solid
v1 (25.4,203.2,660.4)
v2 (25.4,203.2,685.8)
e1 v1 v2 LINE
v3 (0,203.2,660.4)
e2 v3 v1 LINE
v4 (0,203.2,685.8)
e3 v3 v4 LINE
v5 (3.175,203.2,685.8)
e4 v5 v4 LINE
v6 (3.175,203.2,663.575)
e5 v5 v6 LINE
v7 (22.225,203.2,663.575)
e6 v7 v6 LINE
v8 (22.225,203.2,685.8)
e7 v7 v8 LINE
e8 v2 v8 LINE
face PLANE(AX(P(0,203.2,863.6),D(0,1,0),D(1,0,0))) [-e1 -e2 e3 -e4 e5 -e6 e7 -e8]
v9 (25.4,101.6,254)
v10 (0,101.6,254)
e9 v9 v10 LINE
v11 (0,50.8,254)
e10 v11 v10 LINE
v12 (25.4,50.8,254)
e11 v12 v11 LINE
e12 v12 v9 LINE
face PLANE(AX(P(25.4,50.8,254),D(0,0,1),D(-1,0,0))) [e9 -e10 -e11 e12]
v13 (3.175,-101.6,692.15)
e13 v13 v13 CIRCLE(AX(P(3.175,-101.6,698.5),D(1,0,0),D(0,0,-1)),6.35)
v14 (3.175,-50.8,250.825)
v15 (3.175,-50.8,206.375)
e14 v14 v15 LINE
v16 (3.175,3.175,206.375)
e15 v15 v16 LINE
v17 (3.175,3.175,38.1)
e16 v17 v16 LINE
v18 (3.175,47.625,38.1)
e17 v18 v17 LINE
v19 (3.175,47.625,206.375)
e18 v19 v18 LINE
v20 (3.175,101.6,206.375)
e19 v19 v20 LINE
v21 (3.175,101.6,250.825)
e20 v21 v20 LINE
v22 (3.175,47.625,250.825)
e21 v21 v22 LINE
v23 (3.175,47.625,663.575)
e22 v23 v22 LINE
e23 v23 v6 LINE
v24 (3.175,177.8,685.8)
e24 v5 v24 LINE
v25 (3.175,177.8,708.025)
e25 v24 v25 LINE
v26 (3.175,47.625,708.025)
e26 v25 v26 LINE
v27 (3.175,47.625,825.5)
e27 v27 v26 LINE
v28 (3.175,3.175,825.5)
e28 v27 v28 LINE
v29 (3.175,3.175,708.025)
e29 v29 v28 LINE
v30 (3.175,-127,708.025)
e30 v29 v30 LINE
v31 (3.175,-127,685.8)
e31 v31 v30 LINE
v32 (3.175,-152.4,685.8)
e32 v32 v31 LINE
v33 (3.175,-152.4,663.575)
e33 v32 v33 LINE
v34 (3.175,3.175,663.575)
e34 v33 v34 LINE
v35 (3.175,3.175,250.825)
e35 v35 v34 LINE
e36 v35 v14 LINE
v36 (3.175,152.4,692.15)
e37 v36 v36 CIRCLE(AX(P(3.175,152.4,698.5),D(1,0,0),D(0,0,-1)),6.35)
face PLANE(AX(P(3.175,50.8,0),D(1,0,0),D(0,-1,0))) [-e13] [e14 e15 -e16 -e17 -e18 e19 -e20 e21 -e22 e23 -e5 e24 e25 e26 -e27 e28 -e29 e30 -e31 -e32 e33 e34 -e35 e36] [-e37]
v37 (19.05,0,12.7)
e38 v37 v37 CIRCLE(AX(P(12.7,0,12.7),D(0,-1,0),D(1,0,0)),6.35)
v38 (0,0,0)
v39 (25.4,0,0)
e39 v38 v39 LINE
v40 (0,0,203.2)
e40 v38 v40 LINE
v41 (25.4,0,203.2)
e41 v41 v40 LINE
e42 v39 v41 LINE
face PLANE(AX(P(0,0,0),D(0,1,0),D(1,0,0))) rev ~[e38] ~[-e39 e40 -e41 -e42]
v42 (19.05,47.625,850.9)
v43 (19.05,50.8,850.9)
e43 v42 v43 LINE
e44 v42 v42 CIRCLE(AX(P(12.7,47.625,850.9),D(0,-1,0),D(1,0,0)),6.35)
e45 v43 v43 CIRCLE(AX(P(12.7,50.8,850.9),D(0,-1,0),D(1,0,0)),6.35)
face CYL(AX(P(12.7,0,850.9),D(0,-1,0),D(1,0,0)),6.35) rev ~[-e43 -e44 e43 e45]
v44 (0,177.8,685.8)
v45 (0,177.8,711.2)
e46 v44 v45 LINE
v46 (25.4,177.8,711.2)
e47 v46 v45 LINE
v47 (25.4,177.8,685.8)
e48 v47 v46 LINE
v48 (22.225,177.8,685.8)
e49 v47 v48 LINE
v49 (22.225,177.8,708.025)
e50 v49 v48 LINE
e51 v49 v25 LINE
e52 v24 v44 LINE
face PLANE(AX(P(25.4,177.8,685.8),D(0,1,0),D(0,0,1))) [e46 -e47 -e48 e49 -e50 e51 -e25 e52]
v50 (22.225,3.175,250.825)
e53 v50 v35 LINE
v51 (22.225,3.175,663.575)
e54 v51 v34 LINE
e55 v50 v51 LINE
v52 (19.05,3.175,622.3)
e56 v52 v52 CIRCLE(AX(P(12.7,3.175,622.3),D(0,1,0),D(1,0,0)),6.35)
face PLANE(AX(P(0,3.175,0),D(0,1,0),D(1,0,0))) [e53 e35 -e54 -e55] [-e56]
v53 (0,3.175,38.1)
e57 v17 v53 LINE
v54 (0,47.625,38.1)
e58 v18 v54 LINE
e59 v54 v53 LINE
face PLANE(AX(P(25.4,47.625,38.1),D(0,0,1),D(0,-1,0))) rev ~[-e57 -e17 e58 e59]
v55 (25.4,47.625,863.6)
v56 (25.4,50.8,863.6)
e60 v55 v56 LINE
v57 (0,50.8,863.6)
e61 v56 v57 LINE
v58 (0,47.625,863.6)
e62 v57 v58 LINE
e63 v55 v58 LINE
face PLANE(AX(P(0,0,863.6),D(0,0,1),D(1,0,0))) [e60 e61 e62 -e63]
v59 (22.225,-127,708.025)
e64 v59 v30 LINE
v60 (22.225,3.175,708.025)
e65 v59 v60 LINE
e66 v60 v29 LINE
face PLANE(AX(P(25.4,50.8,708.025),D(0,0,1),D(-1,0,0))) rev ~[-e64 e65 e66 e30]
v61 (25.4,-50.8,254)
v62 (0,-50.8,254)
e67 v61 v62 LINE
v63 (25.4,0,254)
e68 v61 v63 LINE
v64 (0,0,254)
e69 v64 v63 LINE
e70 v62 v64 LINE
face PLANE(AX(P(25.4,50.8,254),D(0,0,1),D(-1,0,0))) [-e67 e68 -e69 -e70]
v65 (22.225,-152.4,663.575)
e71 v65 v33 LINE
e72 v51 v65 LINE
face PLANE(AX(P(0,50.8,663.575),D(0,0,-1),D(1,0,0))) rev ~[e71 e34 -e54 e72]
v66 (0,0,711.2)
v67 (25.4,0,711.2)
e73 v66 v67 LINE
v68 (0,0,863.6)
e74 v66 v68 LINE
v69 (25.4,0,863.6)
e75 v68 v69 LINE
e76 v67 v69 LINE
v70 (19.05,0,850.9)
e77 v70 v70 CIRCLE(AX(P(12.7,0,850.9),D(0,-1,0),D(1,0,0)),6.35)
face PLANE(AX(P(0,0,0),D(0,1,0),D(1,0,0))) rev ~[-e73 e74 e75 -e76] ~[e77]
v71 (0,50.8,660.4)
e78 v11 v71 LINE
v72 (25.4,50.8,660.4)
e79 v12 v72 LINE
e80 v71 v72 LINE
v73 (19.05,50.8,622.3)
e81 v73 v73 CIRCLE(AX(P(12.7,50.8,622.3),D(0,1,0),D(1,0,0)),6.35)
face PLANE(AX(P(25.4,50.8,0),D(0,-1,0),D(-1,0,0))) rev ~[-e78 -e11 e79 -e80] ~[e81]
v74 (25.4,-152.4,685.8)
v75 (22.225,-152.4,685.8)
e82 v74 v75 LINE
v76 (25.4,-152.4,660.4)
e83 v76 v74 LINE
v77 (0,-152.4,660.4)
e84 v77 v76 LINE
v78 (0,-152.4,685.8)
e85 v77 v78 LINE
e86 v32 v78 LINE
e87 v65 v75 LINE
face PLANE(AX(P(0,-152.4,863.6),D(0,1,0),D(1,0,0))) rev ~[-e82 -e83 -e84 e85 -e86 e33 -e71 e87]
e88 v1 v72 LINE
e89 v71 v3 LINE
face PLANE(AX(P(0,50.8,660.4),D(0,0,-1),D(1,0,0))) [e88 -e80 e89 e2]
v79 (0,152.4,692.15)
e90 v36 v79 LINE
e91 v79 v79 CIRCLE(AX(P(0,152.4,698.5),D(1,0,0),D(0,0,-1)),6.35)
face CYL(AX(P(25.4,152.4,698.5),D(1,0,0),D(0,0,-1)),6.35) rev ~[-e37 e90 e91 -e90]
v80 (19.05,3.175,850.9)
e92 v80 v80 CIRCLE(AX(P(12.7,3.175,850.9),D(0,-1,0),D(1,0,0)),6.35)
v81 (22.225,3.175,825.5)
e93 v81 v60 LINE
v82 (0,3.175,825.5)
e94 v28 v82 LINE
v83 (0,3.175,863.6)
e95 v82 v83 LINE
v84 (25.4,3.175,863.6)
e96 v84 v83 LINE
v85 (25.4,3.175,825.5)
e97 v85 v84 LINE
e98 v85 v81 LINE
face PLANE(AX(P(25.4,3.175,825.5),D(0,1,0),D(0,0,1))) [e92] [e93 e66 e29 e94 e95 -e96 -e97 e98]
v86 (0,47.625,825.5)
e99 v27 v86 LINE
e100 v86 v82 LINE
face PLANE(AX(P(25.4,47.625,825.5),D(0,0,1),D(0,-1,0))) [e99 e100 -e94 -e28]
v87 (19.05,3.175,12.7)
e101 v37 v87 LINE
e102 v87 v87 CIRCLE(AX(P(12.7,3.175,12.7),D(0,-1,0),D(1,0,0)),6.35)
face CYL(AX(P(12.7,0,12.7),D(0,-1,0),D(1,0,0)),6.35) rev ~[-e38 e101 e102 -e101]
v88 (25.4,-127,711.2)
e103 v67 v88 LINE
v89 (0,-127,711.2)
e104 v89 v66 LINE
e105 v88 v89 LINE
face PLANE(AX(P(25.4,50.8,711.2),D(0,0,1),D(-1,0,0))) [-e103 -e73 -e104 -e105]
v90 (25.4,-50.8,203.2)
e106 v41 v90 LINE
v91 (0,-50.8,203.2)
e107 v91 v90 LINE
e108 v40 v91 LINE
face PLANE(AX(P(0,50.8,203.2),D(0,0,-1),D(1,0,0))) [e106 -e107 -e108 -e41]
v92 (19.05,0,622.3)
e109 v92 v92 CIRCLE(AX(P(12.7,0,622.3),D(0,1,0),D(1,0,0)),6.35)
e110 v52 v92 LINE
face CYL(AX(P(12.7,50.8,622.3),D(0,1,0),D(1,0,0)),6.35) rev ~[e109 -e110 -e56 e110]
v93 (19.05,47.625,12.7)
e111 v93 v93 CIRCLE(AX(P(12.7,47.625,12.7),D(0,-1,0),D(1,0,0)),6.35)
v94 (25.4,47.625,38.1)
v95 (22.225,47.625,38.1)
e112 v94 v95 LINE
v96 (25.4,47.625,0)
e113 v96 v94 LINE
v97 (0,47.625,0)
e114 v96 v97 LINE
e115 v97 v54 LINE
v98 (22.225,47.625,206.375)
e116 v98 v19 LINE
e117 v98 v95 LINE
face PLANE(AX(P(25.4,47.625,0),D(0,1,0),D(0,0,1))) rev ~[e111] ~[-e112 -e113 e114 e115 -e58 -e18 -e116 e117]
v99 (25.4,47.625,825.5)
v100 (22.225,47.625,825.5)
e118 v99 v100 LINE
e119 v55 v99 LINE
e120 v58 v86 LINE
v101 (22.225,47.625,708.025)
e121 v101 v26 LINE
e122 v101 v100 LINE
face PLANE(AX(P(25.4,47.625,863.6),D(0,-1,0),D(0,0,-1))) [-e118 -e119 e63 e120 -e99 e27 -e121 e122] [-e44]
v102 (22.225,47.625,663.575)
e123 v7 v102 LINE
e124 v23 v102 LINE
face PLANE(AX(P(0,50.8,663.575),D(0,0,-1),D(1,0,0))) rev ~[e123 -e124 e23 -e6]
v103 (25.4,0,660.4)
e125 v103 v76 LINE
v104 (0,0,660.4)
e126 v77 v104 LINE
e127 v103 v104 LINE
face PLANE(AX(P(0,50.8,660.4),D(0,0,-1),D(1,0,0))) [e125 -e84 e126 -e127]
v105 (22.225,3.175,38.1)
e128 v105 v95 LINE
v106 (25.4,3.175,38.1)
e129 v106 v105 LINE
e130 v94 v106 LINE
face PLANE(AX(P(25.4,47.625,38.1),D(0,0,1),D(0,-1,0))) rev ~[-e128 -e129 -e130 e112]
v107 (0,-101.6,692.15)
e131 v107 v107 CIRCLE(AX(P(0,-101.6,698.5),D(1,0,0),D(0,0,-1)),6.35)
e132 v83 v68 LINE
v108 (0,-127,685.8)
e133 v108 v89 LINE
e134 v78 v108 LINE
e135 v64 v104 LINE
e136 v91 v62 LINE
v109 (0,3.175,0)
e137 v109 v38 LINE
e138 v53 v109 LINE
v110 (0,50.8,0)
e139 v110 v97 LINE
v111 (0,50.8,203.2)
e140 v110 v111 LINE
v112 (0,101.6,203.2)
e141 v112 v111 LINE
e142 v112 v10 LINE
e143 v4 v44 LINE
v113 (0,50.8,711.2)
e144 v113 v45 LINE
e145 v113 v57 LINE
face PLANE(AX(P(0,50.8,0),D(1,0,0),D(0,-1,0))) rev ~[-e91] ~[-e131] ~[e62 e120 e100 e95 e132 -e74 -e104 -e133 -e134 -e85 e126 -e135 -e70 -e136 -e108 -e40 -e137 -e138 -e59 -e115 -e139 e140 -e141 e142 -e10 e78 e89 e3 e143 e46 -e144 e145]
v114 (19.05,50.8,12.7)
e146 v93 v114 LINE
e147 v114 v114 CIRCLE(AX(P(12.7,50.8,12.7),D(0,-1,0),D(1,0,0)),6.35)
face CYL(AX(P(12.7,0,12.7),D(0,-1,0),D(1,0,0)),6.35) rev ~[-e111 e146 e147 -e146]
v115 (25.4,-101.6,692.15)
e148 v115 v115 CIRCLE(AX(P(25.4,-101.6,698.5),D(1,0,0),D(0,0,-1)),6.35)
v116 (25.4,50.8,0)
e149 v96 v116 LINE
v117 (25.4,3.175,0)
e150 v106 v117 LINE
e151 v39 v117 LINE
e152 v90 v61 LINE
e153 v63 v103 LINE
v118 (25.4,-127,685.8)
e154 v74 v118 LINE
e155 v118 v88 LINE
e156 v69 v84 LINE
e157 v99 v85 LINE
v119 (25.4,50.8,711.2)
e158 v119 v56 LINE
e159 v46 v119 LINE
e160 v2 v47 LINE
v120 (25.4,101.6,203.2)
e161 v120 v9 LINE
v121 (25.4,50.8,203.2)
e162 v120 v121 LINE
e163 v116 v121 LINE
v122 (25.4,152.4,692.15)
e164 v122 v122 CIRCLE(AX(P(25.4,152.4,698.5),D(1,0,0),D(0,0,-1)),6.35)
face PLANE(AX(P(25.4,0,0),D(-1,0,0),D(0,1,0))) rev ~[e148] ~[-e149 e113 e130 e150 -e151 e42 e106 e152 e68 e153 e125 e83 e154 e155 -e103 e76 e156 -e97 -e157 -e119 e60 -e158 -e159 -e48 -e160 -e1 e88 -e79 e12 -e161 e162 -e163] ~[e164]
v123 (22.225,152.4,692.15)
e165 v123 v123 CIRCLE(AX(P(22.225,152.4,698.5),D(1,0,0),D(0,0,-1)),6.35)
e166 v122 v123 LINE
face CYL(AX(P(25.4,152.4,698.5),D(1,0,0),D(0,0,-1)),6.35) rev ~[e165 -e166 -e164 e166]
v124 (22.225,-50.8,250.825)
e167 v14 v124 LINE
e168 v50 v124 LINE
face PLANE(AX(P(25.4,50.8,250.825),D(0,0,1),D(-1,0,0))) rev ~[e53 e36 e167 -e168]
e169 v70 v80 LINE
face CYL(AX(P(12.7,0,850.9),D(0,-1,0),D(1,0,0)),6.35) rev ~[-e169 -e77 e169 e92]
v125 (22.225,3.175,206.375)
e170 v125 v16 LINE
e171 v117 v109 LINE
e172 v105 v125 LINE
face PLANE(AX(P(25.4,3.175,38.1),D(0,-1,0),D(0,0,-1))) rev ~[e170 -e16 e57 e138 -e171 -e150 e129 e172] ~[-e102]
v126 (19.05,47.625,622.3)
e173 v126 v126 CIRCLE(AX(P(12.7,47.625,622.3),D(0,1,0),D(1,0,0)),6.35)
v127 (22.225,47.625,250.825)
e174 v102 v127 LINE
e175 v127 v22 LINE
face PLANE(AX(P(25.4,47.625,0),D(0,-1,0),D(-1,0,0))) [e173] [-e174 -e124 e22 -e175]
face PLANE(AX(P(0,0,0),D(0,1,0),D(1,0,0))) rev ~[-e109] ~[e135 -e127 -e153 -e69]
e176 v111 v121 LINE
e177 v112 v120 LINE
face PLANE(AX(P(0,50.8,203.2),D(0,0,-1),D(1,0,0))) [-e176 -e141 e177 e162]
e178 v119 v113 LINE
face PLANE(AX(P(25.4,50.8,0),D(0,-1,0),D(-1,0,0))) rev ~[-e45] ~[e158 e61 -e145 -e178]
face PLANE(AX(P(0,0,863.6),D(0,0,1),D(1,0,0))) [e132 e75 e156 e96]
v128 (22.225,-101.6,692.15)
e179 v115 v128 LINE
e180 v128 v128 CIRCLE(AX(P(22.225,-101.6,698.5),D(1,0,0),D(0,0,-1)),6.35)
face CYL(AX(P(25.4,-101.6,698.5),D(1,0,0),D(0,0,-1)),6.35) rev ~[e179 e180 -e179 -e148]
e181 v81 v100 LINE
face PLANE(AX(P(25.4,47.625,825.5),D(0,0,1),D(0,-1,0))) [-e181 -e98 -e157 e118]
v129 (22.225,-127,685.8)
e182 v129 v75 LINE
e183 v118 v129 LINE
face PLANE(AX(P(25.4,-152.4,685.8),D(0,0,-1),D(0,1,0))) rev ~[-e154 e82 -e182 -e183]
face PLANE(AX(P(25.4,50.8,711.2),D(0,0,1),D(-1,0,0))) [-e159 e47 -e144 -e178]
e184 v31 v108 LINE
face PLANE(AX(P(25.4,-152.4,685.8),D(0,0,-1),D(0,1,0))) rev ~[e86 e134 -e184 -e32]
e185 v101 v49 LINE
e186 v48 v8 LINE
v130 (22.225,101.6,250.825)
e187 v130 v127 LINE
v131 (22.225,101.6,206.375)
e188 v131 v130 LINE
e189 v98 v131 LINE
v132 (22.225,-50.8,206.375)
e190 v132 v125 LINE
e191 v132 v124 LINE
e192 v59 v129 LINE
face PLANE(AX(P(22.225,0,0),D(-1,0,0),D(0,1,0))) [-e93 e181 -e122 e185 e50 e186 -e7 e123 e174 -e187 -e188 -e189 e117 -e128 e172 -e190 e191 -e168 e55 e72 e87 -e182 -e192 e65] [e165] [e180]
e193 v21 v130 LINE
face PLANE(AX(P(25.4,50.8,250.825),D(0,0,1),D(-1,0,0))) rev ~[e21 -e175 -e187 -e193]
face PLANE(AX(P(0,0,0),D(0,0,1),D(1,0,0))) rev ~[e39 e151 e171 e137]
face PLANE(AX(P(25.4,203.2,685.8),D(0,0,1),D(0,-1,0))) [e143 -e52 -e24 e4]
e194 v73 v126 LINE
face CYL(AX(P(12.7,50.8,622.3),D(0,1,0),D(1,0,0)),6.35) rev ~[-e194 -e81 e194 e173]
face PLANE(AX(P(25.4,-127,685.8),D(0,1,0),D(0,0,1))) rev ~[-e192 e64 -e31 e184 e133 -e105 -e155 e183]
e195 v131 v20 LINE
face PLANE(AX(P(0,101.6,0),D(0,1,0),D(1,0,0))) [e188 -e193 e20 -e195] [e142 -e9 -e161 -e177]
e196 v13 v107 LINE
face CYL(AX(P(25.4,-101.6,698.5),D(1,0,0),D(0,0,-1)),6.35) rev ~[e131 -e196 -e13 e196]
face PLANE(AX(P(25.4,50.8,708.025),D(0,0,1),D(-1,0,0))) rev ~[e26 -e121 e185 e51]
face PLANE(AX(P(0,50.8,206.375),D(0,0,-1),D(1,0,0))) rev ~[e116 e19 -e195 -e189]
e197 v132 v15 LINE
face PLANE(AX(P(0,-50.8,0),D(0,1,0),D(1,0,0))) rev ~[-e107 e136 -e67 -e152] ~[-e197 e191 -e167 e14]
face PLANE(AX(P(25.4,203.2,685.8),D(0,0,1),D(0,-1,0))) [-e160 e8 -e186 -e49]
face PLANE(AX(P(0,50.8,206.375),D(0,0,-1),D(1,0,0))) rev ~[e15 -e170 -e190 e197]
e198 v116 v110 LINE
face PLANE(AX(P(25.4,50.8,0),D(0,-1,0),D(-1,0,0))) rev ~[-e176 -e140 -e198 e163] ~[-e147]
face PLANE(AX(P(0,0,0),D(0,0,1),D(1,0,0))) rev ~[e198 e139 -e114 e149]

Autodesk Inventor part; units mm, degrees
ref_plane "YZ Plane" through (0, 0, 0) normal (1, 0, 0) x (0, 1, 0)
ref_plane "XZ Plane" through (0, 0, 0) normal (0, 1, 0) x (-1, 0, 0)
ref_plane "XY Plane" through (0, 0, 0) normal (0, 0, 1) x (1, 0, 0)
sketch "Sketch1" plane through (0, 0, 0) normal (0, 0, 1) x (1, 0, 0)
  line L0 (0, 0) -> (25.4, 0)
  line L1 (25.4, 0) -> (25.4, 50.8)
  line L2 (25.4, 50.8) -> (0, 50.8)
  line L3 (0, 50.8) -> (0, 0)
  dimension "d0" = 25.4
  dimension "d1" = 50.8
extrude "Extrusion1" add sketch "Sketch1" along normal blind 863.6
sketch "Sketch2" plane through (0, 50.8, 0) normal (0, 1, 0) x (1, 0, 0)
  line L0 (0, -863.6) -> (25.4, -863.6) projected
  line L1 (25.4, 0) -> (25.4, -863.6) projected
  line L2 (0, 0) -> (0, -863.6) projected
  line L3 (0, -203.2) -> (25.4, -203.2)
  line L4 (25.4, -203.2) -> (25.4, -254)
  line L5 (25.4, -254) -> (0, -254)
  line L6 (0, -254) -> (0, -203.2)
  dimension "d5" = 50.8
  dimension "d6" = 609.6
extrude "Extrusion2" add sketch "Sketch2" along normal blind 50.8 and the other way blind 101.6 contours L2 L3 L1 L5
sketch "Sketch4" plane through (0, 50.8, 863.6) normal (0, 1, 0) x (1, 0, 0)
  line L0 (0, 609.6) -> (0, 0) projected
  line L1 (0, 0) -> (25.4, 0) projected
  line L2 (25.4, 609.6) -> (25.4, 0) projected
  line L3 (0, 203.2) -> (25.4, 203.2)
  line L4 (25.4, 203.2) -> (25.4, 152.4)
  line L5 (25.4, 152.4) -> (0, 152.4)
  line L6 (0, 152.4) -> (0, 203.2)
  point P0 (0, 863.6)
  dimension "d14" = 50.8
  dimension "d15" = 152.4
extrude "Extrusion4" add sketch "Sketch4" along normal blind 152.4 and the other way blind 203.2 contours L3 L2 L5 L0
shell "Shell3" thickness 3.175 removed faces 6 at (8.4667, 33.8667, 0) at (8.4667, -50.8, 220.1333) at (8.4667, 101.6, 220.1333) at (16.9333, -152.4, 694.2667) at (8.4667, 33.8667, 863.6) at (16.9333, 203.2, 694.2667)
sketch "Sketch5" plane through (25.4, 0, 0) normal (1, 0, 0) x (0, 0, -1)
  line L0 (-863.6, 50.8) -> (-863.6, 0) projected
  line L1 (0, 0) -> (-203.2, 0) projected
  line L2 (0, 0) -> (0, 50.8) projected
  line L3 (0, 47.625) -> (-38.1, 47.625)
  line L4 (-38.1, 47.625) -> (-38.1, 3.175)
  line L5 (-38.1, 3.175) -> (0, 3.175)
  line L6 (0, 3.175) -> (0, 47.625)
  line L7 (-863.6, 47.625) -> (-825.5, 47.625)
  line L8 (-825.5, 47.625) -> (-825.5, 3.175)
  line L9 (-825.5, 3.175) -> (-863.6, 3.175)
  line L10 (-863.6, 3.175) -> (-863.6, 47.625)
  dimension "d23" = 44.45
  dimension "d24" = 3.175
  dimension "d25" = 38.1
extrude "Extrusion5" cut sketch "Sketch5" against normal through all
sketch "Sketch6" plane through (0, 0, 0) normal (0, -1, 0) x (1, 0, 0)
  line L0 (0, 0) -> (0, 203.2) projected
  line L1 (0, 0) -> (25.4, 0) projected
  circle A0 centre (12.7, 12.7) radius 6.35
  dimension "d28" = 12.7
  dimension "d29" = 12.7
  dimension "d30" = 12.7
extrude "Extrusion6" cut sketch "Sketch6" against normal through all
sketch "Sketch7" plane through (0, 0, 863.6) normal (0, -1, 0) x (1, 0, 0)
  line L0 (25.4, -152.4) -> (25.4, 0) projected
  line L1 (25.4, 0) -> (0, 0) projected
  circle A0 centre (12.7, -12.7) radius 6.35
  point P0 (0, -863.6)
  dimension "d33" = 12.7
  dimension "d34" = 12.7
  dimension "d35" = 12.7
extrude "Extrusion7" cut sketch "Sketch7" against normal through all
sketch "Sketch8" plane through (25.4, -50.8, 254) normal (1, 0, 0) x (0, 0, -1)
  line L0 (-457.2, 254) -> (-431.8, 254)
  line L1 (-431.8, 254) -> (-431.8, 228.6)
  line L2 (-431.8, 228.6) -> (-457.2, 228.6)
  line L3 (-457.2, 228.6) -> (-457.2, 254)
  line L4 (-457.2, -101.6) -> (-431.8, -101.6)
  line L5 (-431.8, -101.6) -> (-431.8, -76.2)
  line L6 (-431.8, -76.2) -> (-457.2, -76.2)
  line L7 (-457.2, -76.2) -> (-457.2, -101.6)
  dimension "d38" = 25.4
  dimension "d39" = 25.4
extrude "Extrusion8" cut sketch "Sketch8" against normal through all
sketch "Sketch9" plane through (25.4, -50.8, 254) normal (1, 0, 0) x (0, 0, -1)
  line L0 (-431.8, 228.6) -> (-457.2, 228.6) projected
  line L1 (-457.2, 101.6) -> (-457.2, 228.6) projected
  line L2 (-457.2, -76.2) -> (-457.2, 50.8) projected
  line L3 (-457.2, -76.2) -> (-431.8, -76.2) projected
  circle A0 centre (-444.5, 203.2) radius 6.35
  circle A1 centre (-444.5, -50.8) radius 6.35
  dimension "d42" = 12.7
  dimension "d43" = 25.4
  dimension "d44" = 12.7
  dimension "d45" = 25.4
  dimension "d46" = 12.7
extrude "Extrusion9" cut sketch "Sketch9" against normal through all
sketch "Sketch10" plane through (0, 50.8, 254) normal (0, 1, 0) x (1, 0, 0)
  line L0 (0, -406.4) -> (25.4, -406.4) projected
  line L1 (25.4, 0) -> (25.4, -406.4) projected
  circle A0 centre (12.7, -368.3) radius 6.35
  point P0 (0, 254)
  dimension "d49" = 12.7
  dimension "d50" = 12.7
  dimension "d51" = 38.1
extrude "Extrusion10" cut sketch "Sketch10" against normal through all
properties part number "Frame_MainStructuralMember" material "Aluminum-6061"
